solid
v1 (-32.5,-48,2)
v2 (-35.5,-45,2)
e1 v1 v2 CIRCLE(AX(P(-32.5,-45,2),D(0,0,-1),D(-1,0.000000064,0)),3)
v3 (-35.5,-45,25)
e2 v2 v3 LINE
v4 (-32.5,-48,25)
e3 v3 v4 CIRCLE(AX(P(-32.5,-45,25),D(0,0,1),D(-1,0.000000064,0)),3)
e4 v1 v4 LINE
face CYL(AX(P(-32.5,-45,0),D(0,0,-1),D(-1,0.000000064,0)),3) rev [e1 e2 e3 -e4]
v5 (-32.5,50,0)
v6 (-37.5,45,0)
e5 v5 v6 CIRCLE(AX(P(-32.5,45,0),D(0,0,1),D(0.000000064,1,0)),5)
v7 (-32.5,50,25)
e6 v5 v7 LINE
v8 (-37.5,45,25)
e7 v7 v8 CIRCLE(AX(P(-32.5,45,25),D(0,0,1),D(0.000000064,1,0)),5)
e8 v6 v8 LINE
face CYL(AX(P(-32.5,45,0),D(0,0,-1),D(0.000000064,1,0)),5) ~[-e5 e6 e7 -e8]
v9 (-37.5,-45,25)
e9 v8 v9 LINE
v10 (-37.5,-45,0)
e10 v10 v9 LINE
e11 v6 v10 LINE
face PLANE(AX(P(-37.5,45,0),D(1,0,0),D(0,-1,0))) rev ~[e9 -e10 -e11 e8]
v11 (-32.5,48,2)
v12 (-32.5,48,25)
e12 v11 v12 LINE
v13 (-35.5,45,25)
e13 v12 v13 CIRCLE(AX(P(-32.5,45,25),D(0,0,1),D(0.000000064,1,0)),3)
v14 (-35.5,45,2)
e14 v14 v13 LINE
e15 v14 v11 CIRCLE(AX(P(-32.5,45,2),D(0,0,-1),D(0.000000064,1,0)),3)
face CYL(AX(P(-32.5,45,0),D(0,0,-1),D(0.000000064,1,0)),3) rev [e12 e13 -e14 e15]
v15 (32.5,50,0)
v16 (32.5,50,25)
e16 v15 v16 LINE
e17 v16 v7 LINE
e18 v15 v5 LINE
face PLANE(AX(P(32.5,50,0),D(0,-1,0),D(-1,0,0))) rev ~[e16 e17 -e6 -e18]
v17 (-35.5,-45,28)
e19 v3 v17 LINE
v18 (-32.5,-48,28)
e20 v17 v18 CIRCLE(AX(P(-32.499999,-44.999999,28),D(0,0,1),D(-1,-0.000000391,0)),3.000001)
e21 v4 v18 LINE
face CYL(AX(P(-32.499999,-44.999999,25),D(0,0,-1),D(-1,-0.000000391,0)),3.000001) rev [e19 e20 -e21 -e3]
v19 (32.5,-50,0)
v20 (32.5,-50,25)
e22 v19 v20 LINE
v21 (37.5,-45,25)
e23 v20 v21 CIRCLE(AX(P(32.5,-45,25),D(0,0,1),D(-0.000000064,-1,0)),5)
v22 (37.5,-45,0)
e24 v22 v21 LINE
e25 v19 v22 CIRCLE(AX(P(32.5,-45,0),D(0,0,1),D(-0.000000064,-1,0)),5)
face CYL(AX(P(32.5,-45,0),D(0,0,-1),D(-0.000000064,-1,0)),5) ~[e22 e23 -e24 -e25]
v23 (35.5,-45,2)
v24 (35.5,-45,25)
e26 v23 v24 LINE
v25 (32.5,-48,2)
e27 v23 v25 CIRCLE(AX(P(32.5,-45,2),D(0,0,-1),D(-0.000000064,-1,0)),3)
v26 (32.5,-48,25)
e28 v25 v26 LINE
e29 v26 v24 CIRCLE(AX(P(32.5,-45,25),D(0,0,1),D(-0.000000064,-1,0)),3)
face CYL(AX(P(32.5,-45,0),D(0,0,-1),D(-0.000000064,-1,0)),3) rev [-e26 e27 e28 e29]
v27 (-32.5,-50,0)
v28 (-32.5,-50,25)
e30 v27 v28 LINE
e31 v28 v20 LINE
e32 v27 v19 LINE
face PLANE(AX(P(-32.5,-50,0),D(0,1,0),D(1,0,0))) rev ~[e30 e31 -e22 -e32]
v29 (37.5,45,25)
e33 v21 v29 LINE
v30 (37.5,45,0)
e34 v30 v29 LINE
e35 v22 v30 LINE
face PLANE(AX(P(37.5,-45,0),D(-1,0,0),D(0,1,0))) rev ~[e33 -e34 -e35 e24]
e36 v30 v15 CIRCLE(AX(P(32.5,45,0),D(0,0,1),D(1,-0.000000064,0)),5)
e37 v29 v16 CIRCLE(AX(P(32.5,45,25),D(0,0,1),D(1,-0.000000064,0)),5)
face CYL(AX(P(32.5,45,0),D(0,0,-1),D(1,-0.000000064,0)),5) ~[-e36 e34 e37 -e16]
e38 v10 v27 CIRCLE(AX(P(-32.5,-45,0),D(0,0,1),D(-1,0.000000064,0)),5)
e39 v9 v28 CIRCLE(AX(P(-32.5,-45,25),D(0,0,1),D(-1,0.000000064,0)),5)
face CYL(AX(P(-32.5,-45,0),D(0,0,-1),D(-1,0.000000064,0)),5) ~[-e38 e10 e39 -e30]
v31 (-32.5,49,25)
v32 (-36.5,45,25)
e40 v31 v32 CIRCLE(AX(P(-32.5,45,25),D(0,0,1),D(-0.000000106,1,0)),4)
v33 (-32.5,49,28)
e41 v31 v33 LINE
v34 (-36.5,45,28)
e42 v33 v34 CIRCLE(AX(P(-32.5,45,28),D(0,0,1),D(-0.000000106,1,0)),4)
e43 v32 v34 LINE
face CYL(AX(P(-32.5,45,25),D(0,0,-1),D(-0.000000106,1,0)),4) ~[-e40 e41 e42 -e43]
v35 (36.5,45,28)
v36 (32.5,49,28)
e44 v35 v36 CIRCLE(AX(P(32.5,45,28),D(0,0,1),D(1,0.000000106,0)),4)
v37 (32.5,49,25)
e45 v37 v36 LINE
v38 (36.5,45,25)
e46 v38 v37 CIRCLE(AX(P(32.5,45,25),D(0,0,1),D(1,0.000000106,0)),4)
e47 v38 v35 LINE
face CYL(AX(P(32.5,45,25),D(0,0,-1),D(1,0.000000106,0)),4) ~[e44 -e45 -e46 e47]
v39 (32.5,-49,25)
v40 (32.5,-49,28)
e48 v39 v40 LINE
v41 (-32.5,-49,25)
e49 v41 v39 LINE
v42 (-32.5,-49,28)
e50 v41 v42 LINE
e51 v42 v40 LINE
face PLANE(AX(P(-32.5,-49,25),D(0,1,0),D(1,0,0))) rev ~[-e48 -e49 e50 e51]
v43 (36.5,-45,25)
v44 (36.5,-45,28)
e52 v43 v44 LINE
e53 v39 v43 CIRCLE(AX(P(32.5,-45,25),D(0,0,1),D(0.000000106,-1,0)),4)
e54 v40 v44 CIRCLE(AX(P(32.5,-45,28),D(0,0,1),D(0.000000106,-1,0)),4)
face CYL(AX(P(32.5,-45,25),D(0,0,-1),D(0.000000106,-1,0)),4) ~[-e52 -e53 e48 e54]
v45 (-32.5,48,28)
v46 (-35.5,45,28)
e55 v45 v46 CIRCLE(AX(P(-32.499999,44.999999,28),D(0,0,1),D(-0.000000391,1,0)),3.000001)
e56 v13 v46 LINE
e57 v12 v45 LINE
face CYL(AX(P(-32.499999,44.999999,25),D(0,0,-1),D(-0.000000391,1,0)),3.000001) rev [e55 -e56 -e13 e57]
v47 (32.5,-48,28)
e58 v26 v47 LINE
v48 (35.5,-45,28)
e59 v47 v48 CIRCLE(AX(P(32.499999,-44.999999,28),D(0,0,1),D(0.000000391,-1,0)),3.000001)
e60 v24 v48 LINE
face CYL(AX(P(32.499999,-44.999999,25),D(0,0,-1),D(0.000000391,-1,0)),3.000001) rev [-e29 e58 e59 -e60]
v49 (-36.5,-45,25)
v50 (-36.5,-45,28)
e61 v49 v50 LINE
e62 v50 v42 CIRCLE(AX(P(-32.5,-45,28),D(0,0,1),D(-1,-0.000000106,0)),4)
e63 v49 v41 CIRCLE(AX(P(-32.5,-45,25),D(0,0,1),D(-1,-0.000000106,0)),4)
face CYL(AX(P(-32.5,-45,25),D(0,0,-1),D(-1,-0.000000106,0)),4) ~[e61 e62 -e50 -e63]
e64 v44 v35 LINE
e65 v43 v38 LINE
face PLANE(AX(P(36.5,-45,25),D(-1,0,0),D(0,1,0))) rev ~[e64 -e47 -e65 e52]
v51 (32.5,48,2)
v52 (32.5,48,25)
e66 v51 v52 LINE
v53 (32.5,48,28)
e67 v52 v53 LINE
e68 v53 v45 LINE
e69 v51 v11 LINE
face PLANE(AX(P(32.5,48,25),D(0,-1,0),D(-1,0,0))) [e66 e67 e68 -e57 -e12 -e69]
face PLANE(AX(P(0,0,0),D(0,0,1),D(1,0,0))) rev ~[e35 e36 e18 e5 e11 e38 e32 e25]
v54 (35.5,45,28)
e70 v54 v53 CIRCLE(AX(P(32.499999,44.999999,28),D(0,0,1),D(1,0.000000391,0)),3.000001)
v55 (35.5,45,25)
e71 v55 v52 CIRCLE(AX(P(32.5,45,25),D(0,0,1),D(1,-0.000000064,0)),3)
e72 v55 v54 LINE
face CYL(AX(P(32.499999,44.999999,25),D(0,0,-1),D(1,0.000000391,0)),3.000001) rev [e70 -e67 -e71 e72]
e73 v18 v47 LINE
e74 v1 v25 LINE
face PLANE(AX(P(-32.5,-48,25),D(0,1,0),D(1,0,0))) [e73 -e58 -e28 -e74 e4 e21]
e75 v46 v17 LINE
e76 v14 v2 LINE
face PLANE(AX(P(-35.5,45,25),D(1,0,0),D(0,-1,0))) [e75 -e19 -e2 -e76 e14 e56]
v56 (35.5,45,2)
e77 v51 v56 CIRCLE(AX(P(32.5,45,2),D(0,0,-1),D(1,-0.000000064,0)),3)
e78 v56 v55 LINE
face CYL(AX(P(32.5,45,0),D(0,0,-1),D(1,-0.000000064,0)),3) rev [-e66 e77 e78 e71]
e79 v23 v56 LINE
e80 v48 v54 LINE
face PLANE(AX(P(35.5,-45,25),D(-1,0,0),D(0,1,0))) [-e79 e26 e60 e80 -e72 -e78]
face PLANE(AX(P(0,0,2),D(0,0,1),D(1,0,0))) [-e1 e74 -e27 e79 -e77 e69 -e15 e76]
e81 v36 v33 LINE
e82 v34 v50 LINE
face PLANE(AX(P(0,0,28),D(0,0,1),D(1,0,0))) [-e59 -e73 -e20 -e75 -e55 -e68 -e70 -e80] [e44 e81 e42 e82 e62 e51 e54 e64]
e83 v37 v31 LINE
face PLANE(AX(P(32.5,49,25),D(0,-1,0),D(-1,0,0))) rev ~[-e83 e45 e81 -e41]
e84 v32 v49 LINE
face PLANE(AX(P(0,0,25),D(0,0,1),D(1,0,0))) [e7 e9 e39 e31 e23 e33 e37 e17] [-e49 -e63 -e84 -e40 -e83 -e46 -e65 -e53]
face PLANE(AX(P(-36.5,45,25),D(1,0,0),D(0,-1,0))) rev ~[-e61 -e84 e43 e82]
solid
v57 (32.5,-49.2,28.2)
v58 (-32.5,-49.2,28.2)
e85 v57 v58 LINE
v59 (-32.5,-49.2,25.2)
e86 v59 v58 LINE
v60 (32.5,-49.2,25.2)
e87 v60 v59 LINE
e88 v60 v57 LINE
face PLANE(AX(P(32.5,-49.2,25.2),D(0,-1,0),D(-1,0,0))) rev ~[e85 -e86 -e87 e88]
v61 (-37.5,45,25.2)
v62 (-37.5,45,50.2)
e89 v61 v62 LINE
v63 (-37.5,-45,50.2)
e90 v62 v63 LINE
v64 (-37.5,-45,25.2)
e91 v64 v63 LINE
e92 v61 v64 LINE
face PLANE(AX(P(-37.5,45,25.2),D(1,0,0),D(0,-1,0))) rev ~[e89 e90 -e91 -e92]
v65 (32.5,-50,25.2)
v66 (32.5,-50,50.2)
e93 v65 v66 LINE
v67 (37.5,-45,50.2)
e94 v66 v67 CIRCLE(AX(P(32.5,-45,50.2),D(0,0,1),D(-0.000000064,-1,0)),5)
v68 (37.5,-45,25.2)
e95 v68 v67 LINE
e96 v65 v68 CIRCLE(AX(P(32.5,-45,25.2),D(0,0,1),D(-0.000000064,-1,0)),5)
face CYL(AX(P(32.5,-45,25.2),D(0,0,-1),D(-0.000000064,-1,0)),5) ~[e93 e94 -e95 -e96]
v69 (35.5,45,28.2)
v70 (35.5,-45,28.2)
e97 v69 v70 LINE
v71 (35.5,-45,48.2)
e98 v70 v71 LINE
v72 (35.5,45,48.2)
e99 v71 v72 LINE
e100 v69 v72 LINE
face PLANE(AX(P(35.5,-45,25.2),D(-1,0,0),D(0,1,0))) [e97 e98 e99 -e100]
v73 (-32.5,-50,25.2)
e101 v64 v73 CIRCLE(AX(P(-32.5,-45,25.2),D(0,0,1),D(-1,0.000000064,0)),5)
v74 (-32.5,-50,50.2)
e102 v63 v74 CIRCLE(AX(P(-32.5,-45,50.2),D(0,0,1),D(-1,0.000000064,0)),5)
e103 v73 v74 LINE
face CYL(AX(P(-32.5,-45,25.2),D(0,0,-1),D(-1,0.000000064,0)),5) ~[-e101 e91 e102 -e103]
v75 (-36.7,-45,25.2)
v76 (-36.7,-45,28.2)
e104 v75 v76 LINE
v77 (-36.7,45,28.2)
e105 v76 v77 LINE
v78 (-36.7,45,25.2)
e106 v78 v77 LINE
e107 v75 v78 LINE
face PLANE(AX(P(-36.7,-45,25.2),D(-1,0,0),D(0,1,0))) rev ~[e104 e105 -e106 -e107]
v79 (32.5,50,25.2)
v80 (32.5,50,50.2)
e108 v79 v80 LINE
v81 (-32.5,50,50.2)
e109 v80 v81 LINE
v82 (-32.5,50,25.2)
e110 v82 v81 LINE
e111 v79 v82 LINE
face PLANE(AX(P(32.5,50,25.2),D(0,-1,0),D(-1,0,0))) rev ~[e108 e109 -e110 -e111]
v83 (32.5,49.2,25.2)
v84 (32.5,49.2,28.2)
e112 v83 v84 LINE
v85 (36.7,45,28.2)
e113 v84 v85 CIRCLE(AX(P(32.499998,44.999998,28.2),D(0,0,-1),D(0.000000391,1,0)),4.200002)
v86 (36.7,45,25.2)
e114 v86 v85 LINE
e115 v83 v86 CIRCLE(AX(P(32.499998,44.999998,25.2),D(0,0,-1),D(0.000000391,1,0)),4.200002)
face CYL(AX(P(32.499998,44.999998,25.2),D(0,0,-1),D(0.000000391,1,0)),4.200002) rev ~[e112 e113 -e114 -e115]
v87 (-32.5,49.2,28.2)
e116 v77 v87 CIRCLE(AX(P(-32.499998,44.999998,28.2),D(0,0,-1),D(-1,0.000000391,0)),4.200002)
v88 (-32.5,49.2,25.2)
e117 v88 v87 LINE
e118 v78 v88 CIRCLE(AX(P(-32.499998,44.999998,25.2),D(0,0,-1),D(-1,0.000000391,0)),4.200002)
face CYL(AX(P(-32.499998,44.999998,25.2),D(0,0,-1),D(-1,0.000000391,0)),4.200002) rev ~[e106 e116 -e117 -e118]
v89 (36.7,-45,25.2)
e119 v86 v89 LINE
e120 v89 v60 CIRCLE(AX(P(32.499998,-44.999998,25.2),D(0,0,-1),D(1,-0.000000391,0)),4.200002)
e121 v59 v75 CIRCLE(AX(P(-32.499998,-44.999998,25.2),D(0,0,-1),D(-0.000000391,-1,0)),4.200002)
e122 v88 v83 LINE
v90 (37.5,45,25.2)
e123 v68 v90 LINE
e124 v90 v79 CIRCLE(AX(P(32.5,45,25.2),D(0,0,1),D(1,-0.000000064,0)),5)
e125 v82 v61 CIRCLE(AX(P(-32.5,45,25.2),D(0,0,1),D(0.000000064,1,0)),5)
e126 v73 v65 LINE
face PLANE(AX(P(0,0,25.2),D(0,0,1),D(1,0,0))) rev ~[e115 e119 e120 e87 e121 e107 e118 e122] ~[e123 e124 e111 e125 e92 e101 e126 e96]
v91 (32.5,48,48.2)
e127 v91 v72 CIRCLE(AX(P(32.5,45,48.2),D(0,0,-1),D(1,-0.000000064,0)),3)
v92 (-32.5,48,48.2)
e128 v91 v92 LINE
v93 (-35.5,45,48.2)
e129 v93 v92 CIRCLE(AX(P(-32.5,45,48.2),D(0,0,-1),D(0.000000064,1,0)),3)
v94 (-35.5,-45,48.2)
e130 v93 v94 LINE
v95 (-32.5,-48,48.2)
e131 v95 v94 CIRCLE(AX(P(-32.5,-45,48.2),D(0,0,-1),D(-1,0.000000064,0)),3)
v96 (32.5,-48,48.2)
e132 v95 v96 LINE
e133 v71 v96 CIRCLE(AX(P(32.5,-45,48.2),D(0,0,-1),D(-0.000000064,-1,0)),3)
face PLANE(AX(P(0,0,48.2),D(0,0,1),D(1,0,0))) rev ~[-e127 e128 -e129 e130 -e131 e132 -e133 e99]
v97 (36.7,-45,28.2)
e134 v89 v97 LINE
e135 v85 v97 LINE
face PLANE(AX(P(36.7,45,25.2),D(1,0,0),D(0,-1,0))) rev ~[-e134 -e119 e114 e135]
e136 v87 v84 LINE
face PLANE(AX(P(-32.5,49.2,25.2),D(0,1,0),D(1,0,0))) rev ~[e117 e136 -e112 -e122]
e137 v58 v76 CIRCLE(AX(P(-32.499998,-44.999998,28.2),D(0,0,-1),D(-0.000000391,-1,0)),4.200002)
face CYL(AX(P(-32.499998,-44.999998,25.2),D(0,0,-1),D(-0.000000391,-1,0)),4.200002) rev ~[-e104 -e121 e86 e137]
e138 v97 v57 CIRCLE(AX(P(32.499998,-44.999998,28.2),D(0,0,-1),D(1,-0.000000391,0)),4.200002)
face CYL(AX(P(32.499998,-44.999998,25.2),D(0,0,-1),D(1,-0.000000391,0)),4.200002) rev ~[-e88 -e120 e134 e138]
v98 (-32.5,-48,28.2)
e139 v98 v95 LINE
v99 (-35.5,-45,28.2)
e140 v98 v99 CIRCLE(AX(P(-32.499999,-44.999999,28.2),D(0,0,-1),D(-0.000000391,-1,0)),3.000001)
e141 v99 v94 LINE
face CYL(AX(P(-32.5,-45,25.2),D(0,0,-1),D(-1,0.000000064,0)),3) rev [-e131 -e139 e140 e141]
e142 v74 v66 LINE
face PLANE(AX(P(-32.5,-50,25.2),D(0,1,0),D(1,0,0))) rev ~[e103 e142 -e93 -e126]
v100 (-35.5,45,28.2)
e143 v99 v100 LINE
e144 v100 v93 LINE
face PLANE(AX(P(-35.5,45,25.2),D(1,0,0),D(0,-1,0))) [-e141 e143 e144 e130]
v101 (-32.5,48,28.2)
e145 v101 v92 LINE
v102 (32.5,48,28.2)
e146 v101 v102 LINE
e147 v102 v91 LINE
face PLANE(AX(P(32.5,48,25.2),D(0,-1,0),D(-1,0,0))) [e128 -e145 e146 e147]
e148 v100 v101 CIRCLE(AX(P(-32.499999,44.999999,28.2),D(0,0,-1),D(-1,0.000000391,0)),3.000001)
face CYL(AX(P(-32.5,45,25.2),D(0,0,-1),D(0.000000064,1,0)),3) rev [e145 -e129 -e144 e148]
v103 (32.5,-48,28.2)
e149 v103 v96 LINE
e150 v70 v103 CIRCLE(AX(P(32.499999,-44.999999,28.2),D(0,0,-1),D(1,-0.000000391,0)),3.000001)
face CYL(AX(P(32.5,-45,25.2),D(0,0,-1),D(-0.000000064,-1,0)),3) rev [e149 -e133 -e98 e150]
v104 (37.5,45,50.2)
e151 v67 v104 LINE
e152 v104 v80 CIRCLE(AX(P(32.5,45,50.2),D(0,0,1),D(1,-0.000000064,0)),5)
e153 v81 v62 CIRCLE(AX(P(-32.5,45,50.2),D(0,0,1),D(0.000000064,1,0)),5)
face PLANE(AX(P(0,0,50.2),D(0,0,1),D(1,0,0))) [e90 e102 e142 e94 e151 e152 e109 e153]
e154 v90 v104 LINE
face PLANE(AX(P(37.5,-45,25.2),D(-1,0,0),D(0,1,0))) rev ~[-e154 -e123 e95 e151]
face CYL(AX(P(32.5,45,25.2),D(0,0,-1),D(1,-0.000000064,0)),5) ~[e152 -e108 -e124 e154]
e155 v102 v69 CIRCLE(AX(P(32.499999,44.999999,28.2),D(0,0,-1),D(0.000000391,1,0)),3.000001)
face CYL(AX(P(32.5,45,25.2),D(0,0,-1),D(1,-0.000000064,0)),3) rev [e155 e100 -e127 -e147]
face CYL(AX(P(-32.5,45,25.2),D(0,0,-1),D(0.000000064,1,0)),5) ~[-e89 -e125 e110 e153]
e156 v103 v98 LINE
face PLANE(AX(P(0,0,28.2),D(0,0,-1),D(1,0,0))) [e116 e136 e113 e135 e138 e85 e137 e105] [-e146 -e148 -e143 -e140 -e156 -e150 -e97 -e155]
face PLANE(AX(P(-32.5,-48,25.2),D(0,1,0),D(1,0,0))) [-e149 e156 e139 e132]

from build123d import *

# Parameters (mm, degrees)
PAD_DEPTH      = 25
THICKNESS_T    = -2
PAD001_DEPTH   = 3
PAD002_DEPTH   = 25
THICKNESS001_T = -2
POCKET_DEPTH   = 3


with BuildPart() as base:
    # Sketch → Pad (new body)
    with BuildSketch(Plane.XY):
        with BuildLine():
            Line((-37.5, 45), (-37.5, -45))
            ThreePointArc((-37.5, -45), (-36.035534, -48.535534), (-32.5, -50))
            Line((-32.5, -50), (32.5, -50))
            ThreePointArc((32.5, -50), (36.035534, -48.535534), (37.5, -45))
            Line((37.5, -45), (37.5, 45))
            ThreePointArc((37.5, 45), (36.035534, 48.535534), (32.5, 50))
            Line((32.5, 50), (-32.5, 50))
            ThreePointArc((-32.5, 50), (-36.035534, 48.535534), (-37.5, 45))
        make_face()
    extrude(amount=PAD_DEPTH)

    # Thickness
    thickness_openings = [base.faces().sort_by_distance(p)[0] for p in [
        (0, 0, 25),
    ]]
    offset(amount=THICKNESS_T, openings=thickness_openings)

    # Sketch001 (on Face10 of Thickness) → Pad001 (join)
    with BuildSketch(Plane.XY.offset(25)):
        with BuildLine():
            Line((-36.5, 45), (-36.5, -45))
            ThreePointArc((-36.5, -45), (-35.328427, -47.828427), (-32.5, -49))
            Line((-32.5, -49), (32.5, -49))
            ThreePointArc((32.5, -49), (35.328427, -47.828427), (36.5, -45))
            Line((36.5, -45), (36.5, 45))
            ThreePointArc((36.5, 45), (35.328427, 47.828427), (32.5, 49))
            Line((32.5, 49), (-32.5, 49))
            ThreePointArc((-32.5, 49), (-35.328427, 47.828427), (-36.5, 45))
        make_face()
        with BuildLine():
            Line((-35.5, 45), (-35.5, -45))
            ThreePointArc((-35.5, -45), (-34.62132, -47.12132), (-32.5, -48))
            Line((-32.5, -48), (32.5, -48))
            ThreePointArc((32.5, -48), (34.62132, -47.12132), (35.5, -45))
            Line((35.5, -45), (35.5, 45))
            ThreePointArc((35.5, 45), (34.62132, 47.12132), (32.5, 48))
            Line((32.5, 48), (-32.5, 48))
            ThreePointArc((-32.5, 48), (-34.62132, 47.12132), (-35.5, 45))
        make_face(mode=Mode.SUBTRACT)
    extrude(amount=PAD001_DEPTH)


with BuildPart() as lid:
    # Sketch002 → Pad002 (new body)
    with BuildSketch(Plane.XY.offset(25.2)):
        with BuildLine():
            Line((-37.5, 45), (-37.5, -45))
            ThreePointArc((-37.5, -45), (-36.035534, -48.535534), (-32.5, -50))
            Line((-32.5, -50), (32.5, -50))
            ThreePointArc((32.5, -50), (36.035534, -48.535534), (37.5, -45))
            Line((37.5, -45), (37.5, 45))
            ThreePointArc((37.5, 45), (36.035534, 48.535534), (32.5, 50))
            Line((32.5, 50), (-32.5, 50))
            ThreePointArc((-32.5, 50), (-36.035534, 48.535534), (-37.5, 45))
        make_face()
    extrude(amount=PAD002_DEPTH)

    # Thickness001
    thickness001_openings = [lid.faces().sort_by_distance(p)[0] for p in [
        (0, 0, 25.2),
    ]]
    offset(amount=THICKNESS001_T, openings=thickness001_openings)

    # Sketch003 (on Face10 of Thickness001) → Pocket (cut)
    with BuildSketch(Plane(origin=(0, 0, 25.2), x_dir=(1, 0, 0), z_dir=(0, 0, -1))):
        with BuildLine():
            Line((-36.7, 45), (-36.7, -45))
            ThreePointArc((-36.7, -45), (-35.469848, -47.969848), (-32.5, -49.2))
            Line((-32.5, -49.2), (32.5, -49.2))
            ThreePointArc((32.5, -49.2), (35.469848, -47.969848), (36.7, -45))
            Line((36.7, -45), (36.7, 45))
            ThreePointArc((36.7, 45), (35.469848, 47.969848), (32.5, 49.2))
            Line((32.5, 49.2), (-32.5, 49.2))
            ThreePointArc((-32.5, 49.2), (-35.469848, 47.969848), (-36.7, 45))
        make_face()
        with BuildLine():
            Line((-35.5, 45), (-35.5, -45))
            ThreePointArc((-35.5, -45), (-34.62132, -47.12132), (-32.5, -48))
            Line((-32.5, -48), (32.5, -48))
            ThreePointArc((32.5, -48), (34.62132, -47.12132), (35.5, -45))
            Line((35.5, -45), (35.5, 45))
            ThreePointArc((35.5, 45), (34.62132, 47.12132), (32.5, 48))
            Line((32.5, 48), (-32.5, 48))
            ThreePointArc((-32.5, 48), (-34.62132, 47.12132), (-35.5, 45))
        make_face(mode=Mode.SUBTRACT)
    extrude(amount=-POCKET_DEPTH, mode=Mode.SUBTRACT)


solid = Compound([base.part, lid.part])
